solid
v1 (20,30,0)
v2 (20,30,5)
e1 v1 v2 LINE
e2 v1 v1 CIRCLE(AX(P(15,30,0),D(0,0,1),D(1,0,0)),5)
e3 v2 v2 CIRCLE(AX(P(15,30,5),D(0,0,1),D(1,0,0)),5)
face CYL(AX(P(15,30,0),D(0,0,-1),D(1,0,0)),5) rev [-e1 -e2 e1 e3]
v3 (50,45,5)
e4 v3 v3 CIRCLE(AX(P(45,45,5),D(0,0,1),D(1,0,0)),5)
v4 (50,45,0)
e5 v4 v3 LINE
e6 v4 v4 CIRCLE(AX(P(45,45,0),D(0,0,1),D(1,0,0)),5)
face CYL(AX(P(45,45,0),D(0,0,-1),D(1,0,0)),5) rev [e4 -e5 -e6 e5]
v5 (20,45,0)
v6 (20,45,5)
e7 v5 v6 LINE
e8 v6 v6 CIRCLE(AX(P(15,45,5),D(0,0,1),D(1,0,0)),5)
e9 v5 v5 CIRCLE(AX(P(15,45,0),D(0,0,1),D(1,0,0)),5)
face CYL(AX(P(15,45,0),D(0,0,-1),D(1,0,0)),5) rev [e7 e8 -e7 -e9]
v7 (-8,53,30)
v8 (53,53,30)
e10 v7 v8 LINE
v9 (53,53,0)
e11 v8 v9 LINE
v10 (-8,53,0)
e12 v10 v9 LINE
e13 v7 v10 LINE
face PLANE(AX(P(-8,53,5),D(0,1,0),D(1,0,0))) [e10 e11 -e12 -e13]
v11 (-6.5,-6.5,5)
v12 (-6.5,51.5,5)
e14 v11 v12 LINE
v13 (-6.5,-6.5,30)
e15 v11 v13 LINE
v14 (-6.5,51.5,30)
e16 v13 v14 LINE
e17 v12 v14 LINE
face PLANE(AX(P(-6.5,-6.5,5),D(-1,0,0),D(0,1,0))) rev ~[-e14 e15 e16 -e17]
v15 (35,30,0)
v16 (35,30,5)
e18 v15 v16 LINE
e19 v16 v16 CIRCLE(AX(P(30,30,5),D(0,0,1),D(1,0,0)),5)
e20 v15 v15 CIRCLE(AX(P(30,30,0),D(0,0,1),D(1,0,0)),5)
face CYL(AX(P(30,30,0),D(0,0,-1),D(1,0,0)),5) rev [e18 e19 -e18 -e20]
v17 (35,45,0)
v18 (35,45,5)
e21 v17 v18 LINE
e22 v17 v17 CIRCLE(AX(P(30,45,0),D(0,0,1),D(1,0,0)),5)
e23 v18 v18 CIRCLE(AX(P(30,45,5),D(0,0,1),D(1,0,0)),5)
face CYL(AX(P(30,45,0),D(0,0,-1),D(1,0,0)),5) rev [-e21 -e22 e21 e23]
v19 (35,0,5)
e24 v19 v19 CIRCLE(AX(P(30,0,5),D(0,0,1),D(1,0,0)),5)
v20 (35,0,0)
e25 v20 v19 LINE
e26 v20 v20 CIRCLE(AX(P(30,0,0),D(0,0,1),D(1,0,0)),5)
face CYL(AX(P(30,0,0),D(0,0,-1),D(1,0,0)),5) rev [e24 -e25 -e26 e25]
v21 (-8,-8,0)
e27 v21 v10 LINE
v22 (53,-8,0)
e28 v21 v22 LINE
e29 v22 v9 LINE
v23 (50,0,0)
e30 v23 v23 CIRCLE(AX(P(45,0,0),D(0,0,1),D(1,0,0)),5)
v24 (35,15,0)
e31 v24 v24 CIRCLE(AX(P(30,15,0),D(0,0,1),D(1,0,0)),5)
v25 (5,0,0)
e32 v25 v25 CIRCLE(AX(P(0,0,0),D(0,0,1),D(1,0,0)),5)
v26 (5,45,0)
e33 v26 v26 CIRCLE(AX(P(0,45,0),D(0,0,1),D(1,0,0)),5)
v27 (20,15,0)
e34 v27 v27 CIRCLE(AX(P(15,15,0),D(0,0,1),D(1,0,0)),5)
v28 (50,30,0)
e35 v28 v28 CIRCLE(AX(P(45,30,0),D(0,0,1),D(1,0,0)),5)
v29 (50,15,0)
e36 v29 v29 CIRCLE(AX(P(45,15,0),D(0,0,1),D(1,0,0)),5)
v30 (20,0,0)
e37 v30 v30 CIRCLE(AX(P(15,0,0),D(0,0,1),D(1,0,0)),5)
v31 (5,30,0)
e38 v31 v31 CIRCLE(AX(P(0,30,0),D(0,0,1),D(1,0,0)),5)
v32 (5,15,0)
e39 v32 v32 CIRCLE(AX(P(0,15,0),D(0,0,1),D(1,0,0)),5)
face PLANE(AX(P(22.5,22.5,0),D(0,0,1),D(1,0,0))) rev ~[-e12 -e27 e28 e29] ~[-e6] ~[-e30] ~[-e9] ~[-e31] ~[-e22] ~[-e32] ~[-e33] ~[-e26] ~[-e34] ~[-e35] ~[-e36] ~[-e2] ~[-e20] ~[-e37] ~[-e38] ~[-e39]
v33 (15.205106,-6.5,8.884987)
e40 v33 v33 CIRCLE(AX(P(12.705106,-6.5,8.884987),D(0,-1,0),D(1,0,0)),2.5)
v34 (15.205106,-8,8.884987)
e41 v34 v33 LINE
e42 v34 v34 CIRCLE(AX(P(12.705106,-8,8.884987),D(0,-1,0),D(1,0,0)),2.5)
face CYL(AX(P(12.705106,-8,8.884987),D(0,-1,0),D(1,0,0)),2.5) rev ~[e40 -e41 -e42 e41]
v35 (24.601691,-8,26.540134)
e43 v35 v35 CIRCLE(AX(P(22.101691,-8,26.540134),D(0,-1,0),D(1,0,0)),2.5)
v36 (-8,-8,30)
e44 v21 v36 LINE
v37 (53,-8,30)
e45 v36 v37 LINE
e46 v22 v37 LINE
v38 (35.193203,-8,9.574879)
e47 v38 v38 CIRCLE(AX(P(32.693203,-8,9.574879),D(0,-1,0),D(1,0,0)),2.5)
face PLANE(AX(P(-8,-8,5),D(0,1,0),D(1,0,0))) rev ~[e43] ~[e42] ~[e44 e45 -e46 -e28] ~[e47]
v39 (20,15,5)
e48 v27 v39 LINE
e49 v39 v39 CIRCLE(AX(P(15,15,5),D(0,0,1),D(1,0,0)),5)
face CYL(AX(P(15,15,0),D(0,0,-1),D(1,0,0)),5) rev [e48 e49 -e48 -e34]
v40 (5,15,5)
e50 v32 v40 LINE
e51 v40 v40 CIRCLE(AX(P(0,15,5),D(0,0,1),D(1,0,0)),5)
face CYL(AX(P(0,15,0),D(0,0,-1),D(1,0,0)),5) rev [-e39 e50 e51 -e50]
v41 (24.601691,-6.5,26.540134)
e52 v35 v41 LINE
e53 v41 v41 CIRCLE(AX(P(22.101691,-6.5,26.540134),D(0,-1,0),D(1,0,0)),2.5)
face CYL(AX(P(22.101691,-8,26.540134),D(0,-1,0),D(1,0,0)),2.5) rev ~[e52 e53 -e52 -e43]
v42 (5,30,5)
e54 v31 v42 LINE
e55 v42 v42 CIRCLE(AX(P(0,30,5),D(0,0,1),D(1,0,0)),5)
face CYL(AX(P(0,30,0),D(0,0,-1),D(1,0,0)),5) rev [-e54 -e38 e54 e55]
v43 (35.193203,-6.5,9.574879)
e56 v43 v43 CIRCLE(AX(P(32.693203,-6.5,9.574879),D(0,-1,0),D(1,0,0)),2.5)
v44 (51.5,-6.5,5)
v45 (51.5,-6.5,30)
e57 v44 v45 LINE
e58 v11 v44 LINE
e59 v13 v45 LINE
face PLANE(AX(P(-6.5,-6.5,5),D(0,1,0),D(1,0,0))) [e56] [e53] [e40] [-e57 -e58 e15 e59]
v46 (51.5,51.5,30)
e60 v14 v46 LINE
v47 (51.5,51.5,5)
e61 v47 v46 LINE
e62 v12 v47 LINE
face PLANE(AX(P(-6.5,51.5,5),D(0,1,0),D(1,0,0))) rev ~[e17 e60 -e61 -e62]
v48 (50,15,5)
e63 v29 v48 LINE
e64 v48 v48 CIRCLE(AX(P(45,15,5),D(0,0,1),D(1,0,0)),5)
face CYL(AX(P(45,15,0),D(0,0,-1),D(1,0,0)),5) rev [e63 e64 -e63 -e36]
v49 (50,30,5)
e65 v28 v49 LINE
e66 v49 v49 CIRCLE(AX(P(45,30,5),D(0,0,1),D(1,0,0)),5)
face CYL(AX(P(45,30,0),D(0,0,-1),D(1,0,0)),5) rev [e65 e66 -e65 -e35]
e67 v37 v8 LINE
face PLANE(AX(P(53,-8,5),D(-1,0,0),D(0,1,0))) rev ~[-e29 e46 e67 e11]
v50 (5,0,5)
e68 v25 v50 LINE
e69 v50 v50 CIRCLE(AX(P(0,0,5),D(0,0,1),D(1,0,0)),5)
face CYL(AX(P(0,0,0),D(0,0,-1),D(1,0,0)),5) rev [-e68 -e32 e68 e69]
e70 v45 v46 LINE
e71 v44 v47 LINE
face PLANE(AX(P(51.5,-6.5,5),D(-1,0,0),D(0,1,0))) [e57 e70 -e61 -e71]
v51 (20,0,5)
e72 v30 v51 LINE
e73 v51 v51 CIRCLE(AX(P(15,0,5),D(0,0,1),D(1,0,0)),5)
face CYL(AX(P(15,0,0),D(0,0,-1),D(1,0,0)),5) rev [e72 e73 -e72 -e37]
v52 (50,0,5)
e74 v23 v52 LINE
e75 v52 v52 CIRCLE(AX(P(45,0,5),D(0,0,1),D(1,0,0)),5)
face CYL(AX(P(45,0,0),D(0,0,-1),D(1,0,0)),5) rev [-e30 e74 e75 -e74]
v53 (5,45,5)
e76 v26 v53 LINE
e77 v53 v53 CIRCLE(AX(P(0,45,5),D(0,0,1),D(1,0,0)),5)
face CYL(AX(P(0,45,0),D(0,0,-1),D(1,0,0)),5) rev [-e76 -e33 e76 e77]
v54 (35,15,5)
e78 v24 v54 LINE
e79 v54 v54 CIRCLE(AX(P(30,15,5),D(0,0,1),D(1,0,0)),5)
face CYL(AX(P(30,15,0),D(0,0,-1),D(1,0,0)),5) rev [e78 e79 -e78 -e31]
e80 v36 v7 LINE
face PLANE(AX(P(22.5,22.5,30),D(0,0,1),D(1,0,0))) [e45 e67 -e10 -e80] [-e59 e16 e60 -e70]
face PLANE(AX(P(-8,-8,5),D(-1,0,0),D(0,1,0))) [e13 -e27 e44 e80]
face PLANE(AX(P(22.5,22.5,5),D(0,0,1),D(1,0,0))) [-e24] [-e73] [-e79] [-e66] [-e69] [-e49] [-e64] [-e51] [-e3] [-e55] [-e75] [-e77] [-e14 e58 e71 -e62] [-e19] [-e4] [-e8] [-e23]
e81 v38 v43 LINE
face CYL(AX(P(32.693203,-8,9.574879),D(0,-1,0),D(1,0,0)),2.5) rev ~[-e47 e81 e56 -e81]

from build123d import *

# Parameters (mm, degrees)
F0_W     = 61
F0_H     = 61
F0_R     = 5
F1_DEPTH = 5
F2_W     = 61
F2_H     = 61
F2_W_2   = 58
F2_H_2   = 58
F3_DEPTH = 25
F4_R     = 2.5
F5_DEPTH = 1.5


with BuildPart() as f1:
    # F0 (on Top) → F1 (new body)
    with BuildSketch(Plane.XY):
        with Locations((22.5, 22.5)):
            Rectangle(F0_W, F0_H)
        Circle(F0_R, mode=Mode.SUBTRACT)
        with Locations((15, 0)):
            Circle(F0_R, mode=Mode.SUBTRACT)
        with Locations((0, 15)):
            Circle(F0_R, mode=Mode.SUBTRACT)
        with Locations((15, 15)):
            Circle(F0_R, mode=Mode.SUBTRACT)
        with Locations((30, 0)):
            Circle(F0_R, mode=Mode.SUBTRACT)
        with Locations((45, 0)):
            Circle(F0_R, mode=Mode.SUBTRACT)
        with Locations((30, 15)):
            Circle(F0_R, mode=Mode.SUBTRACT)
        with Locations((45, 15)):
            Circle(F0_R, mode=Mode.SUBTRACT)
        with Locations((0, 30)):
            Circle(F0_R, mode=Mode.SUBTRACT)
        with Locations((15, 30)):
            Circle(F0_R, mode=Mode.SUBTRACT)
        with Locations((0, 45)):
            Circle(F0_R, mode=Mode.SUBTRACT)
        with Locations((15, 45)):
            Circle(F0_R, mode=Mode.SUBTRACT)
        with Locations((30, 30)):
            Circle(F0_R, mode=Mode.SUBTRACT)
        with Locations((45, 30)):
            Circle(F0_R, mode=Mode.SUBTRACT)
        with Locations((30, 45)):
            Circle(F0_R, mode=Mode.SUBTRACT)
        with Locations((45, 45)):
            Circle(F0_R, mode=Mode.SUBTRACT)
    extrude(amount=F1_DEPTH)

    # F2 (on face) → F3 (join)
    with BuildSketch(Plane.XY.offset(5)):
        with Locations((22.5, 22.5)):
            Rectangle(F2_W, F2_H)
        with Locations((22.5, 22.5)):
            Rectangle(F2_W_2, F2_H_2, mode=Mode.SUBTRACT)
    extrude(amount=F3_DEPTH)

    # F4 (on face) → F5 (cut, through all)
    with BuildSketch(Plane.XZ.offset(8)):
        with Locations((22.101691, 26.540134)):
            Circle(F4_R)
        with Locations((12.705106, 8.884987)):
            Circle(F4_R)
        with Locations((32.693203, 9.574879)):
            Circle(F4_R)
    extrude(amount=-F5_DEPTH, mode=Mode.SUBTRACT)


solid = f1.part
